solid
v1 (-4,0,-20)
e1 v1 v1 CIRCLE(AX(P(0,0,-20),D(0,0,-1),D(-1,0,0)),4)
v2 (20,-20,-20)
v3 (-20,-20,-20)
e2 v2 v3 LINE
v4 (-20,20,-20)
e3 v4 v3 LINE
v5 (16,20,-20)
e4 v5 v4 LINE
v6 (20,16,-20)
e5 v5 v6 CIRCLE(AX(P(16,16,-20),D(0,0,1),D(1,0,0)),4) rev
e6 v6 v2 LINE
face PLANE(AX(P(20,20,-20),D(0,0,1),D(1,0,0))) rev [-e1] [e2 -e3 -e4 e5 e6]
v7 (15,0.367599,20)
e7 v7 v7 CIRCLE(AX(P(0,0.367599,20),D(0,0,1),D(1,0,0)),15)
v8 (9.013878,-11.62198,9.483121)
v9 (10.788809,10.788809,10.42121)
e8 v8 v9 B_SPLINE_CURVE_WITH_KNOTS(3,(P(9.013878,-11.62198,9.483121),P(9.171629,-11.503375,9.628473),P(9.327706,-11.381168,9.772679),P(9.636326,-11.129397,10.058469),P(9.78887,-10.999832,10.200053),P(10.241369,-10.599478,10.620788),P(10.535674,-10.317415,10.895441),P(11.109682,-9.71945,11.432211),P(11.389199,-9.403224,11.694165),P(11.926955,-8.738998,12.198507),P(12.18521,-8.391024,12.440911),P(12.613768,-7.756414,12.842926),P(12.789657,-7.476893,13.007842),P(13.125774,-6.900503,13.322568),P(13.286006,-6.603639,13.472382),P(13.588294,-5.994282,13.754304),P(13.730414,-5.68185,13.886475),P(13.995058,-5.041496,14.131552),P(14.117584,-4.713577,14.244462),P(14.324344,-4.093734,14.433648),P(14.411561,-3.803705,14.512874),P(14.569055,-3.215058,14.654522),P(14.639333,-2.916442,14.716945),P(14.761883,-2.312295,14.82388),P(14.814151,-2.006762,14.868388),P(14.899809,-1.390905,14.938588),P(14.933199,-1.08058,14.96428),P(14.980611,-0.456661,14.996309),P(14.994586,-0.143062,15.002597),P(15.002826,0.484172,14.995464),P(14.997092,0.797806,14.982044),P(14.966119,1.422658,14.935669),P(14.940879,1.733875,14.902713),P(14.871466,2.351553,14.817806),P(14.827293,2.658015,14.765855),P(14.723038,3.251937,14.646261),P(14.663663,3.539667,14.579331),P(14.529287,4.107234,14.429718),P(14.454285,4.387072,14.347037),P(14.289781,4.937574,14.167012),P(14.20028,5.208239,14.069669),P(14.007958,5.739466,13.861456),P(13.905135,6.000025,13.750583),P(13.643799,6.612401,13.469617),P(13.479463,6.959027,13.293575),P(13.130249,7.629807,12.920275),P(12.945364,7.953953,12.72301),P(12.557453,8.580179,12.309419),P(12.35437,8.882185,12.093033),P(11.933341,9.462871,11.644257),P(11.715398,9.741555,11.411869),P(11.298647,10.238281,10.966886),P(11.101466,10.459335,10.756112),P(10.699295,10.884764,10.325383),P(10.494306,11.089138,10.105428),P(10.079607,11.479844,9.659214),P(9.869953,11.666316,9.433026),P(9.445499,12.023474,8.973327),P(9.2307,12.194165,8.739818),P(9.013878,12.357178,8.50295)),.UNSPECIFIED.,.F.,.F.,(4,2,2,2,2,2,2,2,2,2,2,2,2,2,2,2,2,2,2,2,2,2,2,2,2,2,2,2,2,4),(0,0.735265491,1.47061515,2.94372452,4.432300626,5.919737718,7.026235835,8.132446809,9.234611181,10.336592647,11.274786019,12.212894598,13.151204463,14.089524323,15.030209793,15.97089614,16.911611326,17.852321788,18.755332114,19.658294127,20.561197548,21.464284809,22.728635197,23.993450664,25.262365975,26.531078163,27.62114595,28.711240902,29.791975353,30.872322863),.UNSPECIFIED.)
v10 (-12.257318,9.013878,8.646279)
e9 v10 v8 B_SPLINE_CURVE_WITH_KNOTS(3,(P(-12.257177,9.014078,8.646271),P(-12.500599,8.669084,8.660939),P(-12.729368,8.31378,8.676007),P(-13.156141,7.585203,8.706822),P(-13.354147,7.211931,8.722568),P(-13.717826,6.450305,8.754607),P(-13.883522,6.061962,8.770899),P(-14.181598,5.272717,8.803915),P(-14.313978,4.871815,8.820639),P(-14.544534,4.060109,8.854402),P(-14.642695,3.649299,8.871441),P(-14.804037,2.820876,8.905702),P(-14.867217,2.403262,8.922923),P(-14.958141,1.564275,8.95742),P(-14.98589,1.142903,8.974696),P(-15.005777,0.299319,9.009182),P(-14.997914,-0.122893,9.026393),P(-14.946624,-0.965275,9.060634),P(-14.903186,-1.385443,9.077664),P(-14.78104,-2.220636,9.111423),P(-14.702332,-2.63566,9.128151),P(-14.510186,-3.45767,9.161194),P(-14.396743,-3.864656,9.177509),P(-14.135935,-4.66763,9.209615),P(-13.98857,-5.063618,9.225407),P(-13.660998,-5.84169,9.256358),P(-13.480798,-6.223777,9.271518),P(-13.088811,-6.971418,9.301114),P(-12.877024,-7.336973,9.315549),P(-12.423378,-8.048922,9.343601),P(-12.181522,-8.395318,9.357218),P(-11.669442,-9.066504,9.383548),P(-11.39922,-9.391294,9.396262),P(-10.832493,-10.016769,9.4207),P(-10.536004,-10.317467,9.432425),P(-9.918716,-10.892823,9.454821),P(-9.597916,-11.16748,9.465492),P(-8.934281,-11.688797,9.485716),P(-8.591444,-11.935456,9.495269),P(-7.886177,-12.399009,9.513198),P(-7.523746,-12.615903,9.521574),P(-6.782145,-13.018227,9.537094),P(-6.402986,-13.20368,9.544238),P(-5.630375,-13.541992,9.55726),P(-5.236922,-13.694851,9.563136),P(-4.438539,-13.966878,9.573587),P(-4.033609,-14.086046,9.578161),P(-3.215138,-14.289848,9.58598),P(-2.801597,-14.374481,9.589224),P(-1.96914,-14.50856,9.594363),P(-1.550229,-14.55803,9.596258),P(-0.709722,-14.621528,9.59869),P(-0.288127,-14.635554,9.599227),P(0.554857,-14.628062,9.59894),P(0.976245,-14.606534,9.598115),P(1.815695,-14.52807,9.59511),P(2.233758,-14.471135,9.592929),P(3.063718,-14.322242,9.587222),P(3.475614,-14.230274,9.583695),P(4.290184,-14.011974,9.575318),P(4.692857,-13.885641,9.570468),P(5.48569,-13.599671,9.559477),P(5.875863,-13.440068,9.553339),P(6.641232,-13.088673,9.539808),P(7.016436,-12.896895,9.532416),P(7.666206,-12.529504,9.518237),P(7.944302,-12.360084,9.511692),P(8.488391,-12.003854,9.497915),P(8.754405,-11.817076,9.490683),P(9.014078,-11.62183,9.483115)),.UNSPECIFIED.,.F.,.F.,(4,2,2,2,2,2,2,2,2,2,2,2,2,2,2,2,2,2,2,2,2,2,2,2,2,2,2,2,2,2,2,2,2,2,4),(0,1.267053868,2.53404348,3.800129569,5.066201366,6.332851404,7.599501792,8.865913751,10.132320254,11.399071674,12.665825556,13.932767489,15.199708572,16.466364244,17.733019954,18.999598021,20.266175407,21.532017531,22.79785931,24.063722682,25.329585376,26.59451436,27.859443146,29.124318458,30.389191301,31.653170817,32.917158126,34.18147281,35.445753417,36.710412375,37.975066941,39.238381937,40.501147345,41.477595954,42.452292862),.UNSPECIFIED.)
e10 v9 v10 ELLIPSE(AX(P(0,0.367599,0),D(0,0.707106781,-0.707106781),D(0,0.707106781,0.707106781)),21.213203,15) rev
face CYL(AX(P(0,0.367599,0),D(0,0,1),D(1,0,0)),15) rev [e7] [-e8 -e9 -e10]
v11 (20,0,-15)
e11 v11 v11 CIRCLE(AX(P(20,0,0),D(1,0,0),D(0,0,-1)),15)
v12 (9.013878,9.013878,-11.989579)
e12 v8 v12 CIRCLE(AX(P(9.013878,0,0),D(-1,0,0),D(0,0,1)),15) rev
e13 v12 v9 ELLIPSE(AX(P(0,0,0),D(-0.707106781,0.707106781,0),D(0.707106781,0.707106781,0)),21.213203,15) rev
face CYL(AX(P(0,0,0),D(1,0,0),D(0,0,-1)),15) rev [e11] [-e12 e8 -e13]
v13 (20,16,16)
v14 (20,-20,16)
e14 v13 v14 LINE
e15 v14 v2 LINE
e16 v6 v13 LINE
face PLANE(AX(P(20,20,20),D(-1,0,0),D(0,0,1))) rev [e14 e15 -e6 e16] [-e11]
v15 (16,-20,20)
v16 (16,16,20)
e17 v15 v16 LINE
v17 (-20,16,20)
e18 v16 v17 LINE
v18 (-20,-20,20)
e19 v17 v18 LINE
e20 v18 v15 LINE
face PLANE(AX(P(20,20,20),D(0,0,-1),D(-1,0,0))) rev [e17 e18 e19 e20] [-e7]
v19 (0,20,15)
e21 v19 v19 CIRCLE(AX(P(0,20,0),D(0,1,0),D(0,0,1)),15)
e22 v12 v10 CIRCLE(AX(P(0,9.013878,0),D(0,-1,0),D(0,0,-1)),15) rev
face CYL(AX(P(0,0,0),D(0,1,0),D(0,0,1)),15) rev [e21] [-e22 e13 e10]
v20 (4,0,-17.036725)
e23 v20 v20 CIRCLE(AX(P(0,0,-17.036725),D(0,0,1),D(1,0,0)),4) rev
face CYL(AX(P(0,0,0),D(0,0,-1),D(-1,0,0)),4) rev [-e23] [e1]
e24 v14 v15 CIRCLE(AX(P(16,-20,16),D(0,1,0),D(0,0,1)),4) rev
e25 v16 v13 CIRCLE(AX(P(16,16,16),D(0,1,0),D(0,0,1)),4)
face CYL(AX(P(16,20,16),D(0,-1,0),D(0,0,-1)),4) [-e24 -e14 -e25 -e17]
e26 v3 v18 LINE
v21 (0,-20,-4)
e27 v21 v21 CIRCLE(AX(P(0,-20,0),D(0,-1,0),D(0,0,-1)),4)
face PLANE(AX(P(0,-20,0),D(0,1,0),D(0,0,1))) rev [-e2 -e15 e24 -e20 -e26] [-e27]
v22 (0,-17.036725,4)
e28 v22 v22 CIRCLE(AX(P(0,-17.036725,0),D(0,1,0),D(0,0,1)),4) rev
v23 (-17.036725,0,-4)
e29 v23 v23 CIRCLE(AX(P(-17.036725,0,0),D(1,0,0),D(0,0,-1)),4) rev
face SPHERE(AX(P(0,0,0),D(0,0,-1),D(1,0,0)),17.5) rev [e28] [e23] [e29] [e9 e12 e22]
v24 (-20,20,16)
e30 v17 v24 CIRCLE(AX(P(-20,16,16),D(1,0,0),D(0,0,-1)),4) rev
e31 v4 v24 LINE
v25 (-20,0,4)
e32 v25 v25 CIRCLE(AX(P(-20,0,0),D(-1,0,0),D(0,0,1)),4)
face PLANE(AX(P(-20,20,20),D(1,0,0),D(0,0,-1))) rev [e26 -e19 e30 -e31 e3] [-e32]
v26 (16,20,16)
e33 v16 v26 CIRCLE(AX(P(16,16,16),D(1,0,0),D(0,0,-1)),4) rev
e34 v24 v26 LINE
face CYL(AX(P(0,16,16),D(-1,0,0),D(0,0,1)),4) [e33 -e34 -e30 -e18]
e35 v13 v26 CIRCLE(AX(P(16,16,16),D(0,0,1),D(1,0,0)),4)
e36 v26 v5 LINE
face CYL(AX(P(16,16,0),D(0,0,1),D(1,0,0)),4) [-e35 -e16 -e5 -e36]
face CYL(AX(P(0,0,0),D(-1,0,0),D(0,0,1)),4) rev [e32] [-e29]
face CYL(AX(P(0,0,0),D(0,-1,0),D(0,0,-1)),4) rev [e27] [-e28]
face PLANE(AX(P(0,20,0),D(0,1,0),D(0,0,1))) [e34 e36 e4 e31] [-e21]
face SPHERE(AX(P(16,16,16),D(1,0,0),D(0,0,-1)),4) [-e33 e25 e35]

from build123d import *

# Parameters (mm, degrees)
SKETCH1_W           = 40
SKETCH1_H           = 40
BOSS_EXTRUDE1_DEPTH = 20
FILLET1_R           = 4
SKETCH12_R          = 15
CUT_EXTRUDE2_DEPTH  = 20
SKETCH13_R          = 15
CUT_EXTRUDE3_DEPTH  = 20
SKETCH14_R          = 15
CUT_EXTRUDE4_DEPTH  = 20
SKETCH15_R          = 4
CUT_EXTRUDE5_DEPTH  = 20
SKETCH16_R          = 4
CUT_EXTRUDE6_DEPTH  = 20
SKETCH17_R          = 4
CUT_EXTRUDE7_DEPTH  = 20


with BuildPart() as part:
    # Sketch1 → Boss-Extrude1 (new body, symmetric)
    with BuildSketch(Plane(origin=(0, 0, 0), x_dir=(1, 0, 0), z_dir=(0, 1, 0))):
        Rectangle(SKETCH1_W, SKETCH1_H)
    extrude(amount=BOSS_EXTRUDE1_DEPTH, both=True)

    # Fillet1
    fillet1_edges = [part.edges().sort_by_distance(p)[0] for p in [
        (20, 20, 0),
        (20, 0, 20),
        (0, 20, 20),
    ]]
    fillet(fillet1_edges, radius=FILLET1_R)

    # Sketch2 → Cut-Revolve1 (revolve, cut)
    with BuildSketch(Plane(origin=(0, 0, 0), x_dir=(1, 0, 0), z_dir=(0, 1, 0))):
        with BuildLine():
            Line((0, 17.5), (0, -17.5))
            ThreePointArc((0, -17.5), (-17.5, 0), (0, 17.5))
        make_face()
    revolve(axis=Axis((0, 0, -20.989422068), (0, 0, 1)), mode=Mode.SUBTRACT)

    # Sketch12 → Cut-Extrude2 (cut)
    with BuildSketch(Plane(origin=(0, 20, 0), x_dir=(1, 0, 0), z_dir=(0, 1, 0))):
        Circle(SKETCH12_R)
    extrude(amount=-CUT_EXTRUDE2_DEPTH, mode=Mode.SUBTRACT)

    # Sketch13 → Cut-Extrude3 (cut)
    with BuildSketch(Plane(origin=(20, 0, 0), x_dir=(0, 0, -1), z_dir=(1, 0, 0))):
        Circle(SKETCH13_R)
    extrude(amount=-CUT_EXTRUDE3_DEPTH, mode=Mode.SUBTRACT)

    # Sketch14 → Cut-Extrude4 (cut)
    with BuildSketch(Plane.XY.offset(20)):
        with Locations((0, 0.367598837)):
            Circle(SKETCH14_R)
    extrude(amount=-CUT_EXTRUDE4_DEPTH, mode=Mode.SUBTRACT)

    # Sketch15 → Cut-Extrude5 (cut)
    with BuildSketch(Plane(origin=(0, 0, -20), x_dir=(-1, 0, 0), z_dir=(0, 0, -1))):
        Circle(SKETCH15_R)
    extrude(amount=-CUT_EXTRUDE5_DEPTH, mode=Mode.SUBTRACT)

    # Sketch16 → Cut-Extrude6 (cut)
    with BuildSketch(Plane.XZ.offset(20)):
        Circle(SKETCH16_R)
    extrude(amount=-CUT_EXTRUDE6_DEPTH, mode=Mode.SUBTRACT)

    # Sketch17 → Cut-Extrude7 (cut)
    with BuildSketch(Plane.ZY.offset(20)):
        Circle(SKETCH17_R)
    extrude(amount=-CUT_EXTRUDE7_DEPTH, mode=Mode.SUBTRACT)


solid = part.part
